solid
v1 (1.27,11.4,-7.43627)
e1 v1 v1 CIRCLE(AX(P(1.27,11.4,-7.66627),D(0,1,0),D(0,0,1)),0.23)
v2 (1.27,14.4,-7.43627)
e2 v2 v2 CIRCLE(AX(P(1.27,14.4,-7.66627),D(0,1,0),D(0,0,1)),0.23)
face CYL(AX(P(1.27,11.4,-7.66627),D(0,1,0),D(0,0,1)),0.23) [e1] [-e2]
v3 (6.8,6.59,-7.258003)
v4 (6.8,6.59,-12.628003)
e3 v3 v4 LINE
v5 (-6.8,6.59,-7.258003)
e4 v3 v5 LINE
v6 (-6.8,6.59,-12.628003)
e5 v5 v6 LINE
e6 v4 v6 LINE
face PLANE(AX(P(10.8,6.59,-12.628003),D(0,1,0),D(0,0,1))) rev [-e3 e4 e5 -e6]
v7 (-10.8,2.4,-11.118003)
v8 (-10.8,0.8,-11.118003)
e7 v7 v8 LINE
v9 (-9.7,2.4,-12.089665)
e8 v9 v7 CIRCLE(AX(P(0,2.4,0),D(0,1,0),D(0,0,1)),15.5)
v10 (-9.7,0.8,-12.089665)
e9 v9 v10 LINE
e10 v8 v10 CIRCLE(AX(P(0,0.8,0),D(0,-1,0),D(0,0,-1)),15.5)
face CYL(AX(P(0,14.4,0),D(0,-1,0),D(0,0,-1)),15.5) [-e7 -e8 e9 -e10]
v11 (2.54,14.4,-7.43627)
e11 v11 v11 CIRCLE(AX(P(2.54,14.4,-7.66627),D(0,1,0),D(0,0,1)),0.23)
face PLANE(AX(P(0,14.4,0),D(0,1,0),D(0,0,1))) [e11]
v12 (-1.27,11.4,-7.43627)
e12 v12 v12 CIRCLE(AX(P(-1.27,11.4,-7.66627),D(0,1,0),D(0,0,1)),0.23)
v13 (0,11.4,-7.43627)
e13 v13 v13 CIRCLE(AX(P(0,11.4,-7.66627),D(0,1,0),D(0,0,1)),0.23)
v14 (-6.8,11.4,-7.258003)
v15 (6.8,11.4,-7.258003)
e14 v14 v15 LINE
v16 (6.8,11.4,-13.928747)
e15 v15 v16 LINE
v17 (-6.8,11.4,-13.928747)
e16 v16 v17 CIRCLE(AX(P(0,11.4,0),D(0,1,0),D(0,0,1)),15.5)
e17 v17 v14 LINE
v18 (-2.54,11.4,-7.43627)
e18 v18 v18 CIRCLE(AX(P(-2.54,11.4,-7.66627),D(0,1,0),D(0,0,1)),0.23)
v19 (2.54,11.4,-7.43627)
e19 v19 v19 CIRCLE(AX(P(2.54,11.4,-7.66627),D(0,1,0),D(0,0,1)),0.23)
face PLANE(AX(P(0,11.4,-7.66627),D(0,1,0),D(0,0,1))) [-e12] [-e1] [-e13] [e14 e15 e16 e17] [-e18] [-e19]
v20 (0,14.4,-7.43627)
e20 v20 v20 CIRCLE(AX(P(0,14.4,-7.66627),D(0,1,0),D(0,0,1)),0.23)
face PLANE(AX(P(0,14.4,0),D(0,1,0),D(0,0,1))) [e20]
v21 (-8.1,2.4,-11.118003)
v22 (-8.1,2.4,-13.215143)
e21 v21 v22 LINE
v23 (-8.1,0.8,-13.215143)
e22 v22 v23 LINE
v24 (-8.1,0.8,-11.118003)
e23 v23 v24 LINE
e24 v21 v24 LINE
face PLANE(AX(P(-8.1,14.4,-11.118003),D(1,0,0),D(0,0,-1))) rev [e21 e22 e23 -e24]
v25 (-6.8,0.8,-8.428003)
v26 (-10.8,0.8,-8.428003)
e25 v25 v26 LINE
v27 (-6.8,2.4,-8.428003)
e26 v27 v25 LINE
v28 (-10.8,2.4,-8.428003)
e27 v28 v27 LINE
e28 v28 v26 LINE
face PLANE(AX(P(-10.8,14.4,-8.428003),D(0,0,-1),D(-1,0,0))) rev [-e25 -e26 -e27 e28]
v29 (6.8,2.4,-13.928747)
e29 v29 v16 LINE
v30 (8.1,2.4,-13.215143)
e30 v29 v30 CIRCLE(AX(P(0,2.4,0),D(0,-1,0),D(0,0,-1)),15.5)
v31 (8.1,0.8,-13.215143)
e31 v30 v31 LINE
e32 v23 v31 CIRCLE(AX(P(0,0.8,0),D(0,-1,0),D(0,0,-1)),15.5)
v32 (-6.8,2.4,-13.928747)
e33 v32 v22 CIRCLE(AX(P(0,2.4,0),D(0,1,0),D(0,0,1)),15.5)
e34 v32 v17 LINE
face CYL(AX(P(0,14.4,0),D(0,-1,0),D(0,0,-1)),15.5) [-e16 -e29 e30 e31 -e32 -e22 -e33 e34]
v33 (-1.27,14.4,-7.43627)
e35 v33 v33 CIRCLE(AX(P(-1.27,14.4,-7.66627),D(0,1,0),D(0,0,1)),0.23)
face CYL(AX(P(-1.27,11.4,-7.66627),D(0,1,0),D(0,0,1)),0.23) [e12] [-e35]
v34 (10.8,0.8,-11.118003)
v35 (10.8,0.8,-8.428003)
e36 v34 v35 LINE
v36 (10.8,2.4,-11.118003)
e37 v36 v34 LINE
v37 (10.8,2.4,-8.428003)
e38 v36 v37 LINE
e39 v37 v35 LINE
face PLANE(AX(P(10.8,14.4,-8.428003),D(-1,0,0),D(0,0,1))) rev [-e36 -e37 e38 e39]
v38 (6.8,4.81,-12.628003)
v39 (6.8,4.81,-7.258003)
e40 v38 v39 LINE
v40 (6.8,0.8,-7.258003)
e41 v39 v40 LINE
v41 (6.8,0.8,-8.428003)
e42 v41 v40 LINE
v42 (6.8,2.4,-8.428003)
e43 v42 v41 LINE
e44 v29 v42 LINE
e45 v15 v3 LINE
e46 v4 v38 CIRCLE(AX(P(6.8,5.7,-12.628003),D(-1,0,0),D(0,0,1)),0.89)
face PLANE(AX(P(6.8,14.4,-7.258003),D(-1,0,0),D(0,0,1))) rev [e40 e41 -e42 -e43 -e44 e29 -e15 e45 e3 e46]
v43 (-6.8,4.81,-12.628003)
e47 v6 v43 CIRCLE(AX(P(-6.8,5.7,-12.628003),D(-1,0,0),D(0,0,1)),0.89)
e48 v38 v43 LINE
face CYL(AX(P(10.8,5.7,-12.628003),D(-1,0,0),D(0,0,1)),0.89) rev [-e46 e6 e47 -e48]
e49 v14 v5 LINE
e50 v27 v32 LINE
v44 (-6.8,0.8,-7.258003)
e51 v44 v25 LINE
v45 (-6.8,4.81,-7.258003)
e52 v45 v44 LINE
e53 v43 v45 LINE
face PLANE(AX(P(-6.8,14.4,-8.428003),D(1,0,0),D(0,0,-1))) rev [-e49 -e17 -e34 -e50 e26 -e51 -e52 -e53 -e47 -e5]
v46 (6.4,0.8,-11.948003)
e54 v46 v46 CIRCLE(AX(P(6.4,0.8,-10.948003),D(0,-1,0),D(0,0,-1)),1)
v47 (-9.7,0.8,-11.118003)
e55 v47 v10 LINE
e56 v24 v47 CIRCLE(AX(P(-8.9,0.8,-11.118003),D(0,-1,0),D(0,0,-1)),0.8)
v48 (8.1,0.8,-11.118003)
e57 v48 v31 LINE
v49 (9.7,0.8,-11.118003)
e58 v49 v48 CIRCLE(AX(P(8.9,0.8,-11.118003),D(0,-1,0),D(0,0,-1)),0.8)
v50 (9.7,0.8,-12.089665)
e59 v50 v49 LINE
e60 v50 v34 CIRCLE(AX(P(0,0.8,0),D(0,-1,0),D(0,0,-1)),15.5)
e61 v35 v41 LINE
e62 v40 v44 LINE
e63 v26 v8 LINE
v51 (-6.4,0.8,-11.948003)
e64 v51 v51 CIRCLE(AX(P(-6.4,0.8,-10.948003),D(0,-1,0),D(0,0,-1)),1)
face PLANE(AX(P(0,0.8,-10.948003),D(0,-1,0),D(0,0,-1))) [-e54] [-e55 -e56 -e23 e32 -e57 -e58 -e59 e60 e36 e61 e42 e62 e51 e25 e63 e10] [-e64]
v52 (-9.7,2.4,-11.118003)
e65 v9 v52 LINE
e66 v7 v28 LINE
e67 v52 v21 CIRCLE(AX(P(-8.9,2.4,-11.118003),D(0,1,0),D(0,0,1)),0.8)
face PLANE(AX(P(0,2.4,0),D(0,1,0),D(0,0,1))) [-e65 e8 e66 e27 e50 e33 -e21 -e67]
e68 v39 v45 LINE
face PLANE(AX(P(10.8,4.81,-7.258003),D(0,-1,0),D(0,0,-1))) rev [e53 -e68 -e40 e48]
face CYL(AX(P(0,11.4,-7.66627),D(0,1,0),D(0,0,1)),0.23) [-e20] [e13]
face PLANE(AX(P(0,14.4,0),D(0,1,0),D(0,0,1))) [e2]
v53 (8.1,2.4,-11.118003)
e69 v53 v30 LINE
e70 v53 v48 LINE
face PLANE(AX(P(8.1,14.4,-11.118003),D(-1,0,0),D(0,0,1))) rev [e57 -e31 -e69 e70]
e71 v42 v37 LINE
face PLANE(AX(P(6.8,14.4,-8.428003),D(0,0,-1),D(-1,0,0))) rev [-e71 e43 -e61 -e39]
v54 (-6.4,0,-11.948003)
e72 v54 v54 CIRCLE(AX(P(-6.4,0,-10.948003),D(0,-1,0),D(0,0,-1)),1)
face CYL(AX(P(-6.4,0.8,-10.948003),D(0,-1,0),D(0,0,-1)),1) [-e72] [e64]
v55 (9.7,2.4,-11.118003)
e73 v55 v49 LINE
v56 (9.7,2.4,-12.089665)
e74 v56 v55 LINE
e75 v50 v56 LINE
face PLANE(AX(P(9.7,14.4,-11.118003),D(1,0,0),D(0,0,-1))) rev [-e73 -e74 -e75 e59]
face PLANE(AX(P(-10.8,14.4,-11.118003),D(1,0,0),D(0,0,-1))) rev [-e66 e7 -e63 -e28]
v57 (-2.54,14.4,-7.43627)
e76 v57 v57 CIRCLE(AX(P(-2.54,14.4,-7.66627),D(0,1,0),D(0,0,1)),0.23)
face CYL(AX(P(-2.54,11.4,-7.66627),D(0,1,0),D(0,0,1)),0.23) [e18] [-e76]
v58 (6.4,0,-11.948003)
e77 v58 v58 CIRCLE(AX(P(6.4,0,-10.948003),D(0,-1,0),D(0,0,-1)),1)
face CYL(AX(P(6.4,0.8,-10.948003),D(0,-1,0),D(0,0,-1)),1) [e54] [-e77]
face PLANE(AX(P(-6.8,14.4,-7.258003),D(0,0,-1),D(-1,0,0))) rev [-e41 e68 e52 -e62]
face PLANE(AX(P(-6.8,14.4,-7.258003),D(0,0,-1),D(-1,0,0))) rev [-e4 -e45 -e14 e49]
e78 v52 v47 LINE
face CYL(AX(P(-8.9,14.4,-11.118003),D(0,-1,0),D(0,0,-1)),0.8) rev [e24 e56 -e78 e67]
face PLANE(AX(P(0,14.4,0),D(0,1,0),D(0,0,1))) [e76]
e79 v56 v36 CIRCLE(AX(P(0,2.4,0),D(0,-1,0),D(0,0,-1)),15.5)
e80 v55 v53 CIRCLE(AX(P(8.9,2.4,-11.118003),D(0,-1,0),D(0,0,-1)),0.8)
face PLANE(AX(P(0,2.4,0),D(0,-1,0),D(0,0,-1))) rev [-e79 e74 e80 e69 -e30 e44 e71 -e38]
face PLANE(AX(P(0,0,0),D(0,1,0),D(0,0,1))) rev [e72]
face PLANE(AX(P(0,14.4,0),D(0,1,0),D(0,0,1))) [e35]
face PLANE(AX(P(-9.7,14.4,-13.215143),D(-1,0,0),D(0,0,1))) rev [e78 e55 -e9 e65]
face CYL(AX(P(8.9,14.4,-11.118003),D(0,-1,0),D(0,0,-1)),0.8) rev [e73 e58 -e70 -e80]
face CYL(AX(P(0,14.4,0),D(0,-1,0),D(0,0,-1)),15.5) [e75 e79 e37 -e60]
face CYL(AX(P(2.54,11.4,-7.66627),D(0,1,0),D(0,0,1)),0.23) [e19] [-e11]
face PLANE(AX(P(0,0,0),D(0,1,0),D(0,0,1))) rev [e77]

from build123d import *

# Parameters (mm, degrees)
BOSS_EXTRUDE1_DEPTH = 14.4
SKETCH2_R           = 11.81943886
SKETCH2_R_2         = 1
CUT_EXTRUDE1_DEPTH  = 0.8
SKETCH3_W           = 6.542631095
SKETCH3_H           = 5.500743834
SKETCH3_W_2         = 5.841537105
CUT_EXTRUDE2_DEPTH  = 12
CUT_EXTRUDE3_DEPTH  = 24.277671705
CUT_EXTRUDE4_DEPTH  = 28.520356102
SKETCH6_R           = 9.65525988
SKETCH6_R_2         = 0.23
CUT_EXTRUDE5_DEPTH  = 3


with BuildPart() as part:
    # Sketch1 → Boss-Extrude1 (new body)
    with BuildSketch(Plane(origin=(0, 0, 0), x_dir=(1, 0, 0), z_dir=(0, 1, 0))):
        with BuildLine():
            Line((-10.8, 11.118003418), (-10.8, 8.428003418))
            Line((-10.8, 8.428003418), (-6.8, 8.428003418))
            Line((-6.8, 8.428003418), (-6.8, 7.258003418))
            Line((-6.8, 7.258003418), (6.8, 7.258003418))
            Line((6.8, 7.258003418), (6.8, 8.428003418))
            Line((6.8, 8.428003418), (10.8, 8.428003418))
            Line((10.8, 8.428003418), (10.8, 11.118003418))
            ThreePointArc((10.8, 11.118003418), (0, 15.5), (-10.8, 11.118003418))
        make_face()
    extrude(amount=BOSS_EXTRUDE1_DEPTH)

    # Sketch2 → Cut-Extrude1 (cut)
    with BuildSketch(Plane.XZ):
        with Locations((0, -10.948003418)):
            Circle(SKETCH2_R)
        with Locations(Location((-6.4, -10.948003418, 0), (0, 0, 270))):
            Circle(SKETCH2_R_2, mode=Mode.SUBTRACT)
        with Locations(Location((6.4, -10.948003418, 0), (0, 0, 270))):
            Circle(SKETCH2_R_2, mode=Mode.SUBTRACT)
    extrude(amount=-CUT_EXTRUDE1_DEPTH, mode=Mode.SUBTRACT)

    # Sketch3 → Cut-Extrude2 (cut)
    with BuildSketch(Plane(origin=(0, 14.4, 0), x_dir=(1, 0, 0), z_dir=(0, 1, 0))):
        with Locations((-10.071315548, 11.178375335)):
            Rectangle(SKETCH3_W, SKETCH3_H)
        with Locations((9.720768553, 11.178375335)):
            Rectangle(SKETCH3_W_2, SKETCH3_H)
    extrude(amount=-CUT_EXTRUDE2_DEPTH, mode=Mode.SUBTRACT)

    # Sketch4 → Cut-Extrude3 (cut, through all)
    with BuildSketch(Plane.XZ.offset(-0.8)):
        with BuildLine():
            Line((9.7, -11.118003418), (9.7, -12.089665008))
            Line((9.7, -12.089665008), (9.7, -13.215142829))
            Line((9.7, -13.215142829), (8.1, -13.215142829))
            Line((8.1, -13.215142829), (8.1, -11.118003418))
            ThreePointArc((8.1, -11.118003418), (8.9, -10.318003418), (9.7, -11.118003418))
        make_face()
        with BuildLine():
            Line((-8.1, -11.118003418), (-8.1, -13.215142829))
            Line((-8.1, -13.215142829), (-9.7, -13.215142829))
            Line((-9.7, -13.215142829), (-9.7, -11.118003418))
            ThreePointArc((-9.7, -11.118003418), (-8.9, -10.318003418), (-8.1, -11.118003418))
        make_face()
    extrude(amount=-CUT_EXTRUDE3_DEPTH, mode=Mode.SUBTRACT)

    # Sketch5 → Cut-Extrude4 (cut, through all)
    with BuildSketch(Plane.ZY.offset(6.8)):
        with BuildLine():
            Line((-12.628003418, 6.59), (-7.258003418, 6.59))
            Line((-7.258003418, 6.59), (-7.258003418, 4.81))
            Line((-7.258003418, 4.81), (-12.628003418, 4.81))
            ThreePointArc((-12.628003418, 4.81), (-13.518003418, 5.7), (-12.628003418, 6.59))
        make_face()
    extrude(amount=-CUT_EXTRUDE4_DEPTH, mode=Mode.SUBTRACT)

    # Sketch6 → Cut-Extrude5 (cut)
    with BuildSketch(Plane(origin=(0, 14.4, 0), x_dir=(1, 0, 0), z_dir=(0, 1, 0))):
        with Locations((0, 7.666269644)):
            Circle(SKETCH6_R)
        with Locations(Location((0, 7.666269644, 0), (0, 0, 270))):
            Circle(SKETCH6_R_2, mode=Mode.SUBTRACT)
        with Locations(Location((1.27, 7.666269644, 0), (0, 0, 270))):
            Circle(SKETCH6_R_2, mode=Mode.SUBTRACT)
        with Locations(Location((2.54, 7.666269644, 0), (0, 0, 270))):
            Circle(SKETCH6_R_2, mode=Mode.SUBTRACT)
        with Locations(Location((-1.27, 7.666269644, 0), (0, 0, 270))):
            Circle(SKETCH6_R_2, mode=Mode.SUBTRACT)
        with Locations(Location((-2.54, 7.666269644, 0), (0, 0, 270))):
            Circle(SKETCH6_R_2, mode=Mode.SUBTRACT)
    extrude(amount=-CUT_EXTRUDE5_DEPTH, mode=Mode.SUBTRACT)


solid = part.part
